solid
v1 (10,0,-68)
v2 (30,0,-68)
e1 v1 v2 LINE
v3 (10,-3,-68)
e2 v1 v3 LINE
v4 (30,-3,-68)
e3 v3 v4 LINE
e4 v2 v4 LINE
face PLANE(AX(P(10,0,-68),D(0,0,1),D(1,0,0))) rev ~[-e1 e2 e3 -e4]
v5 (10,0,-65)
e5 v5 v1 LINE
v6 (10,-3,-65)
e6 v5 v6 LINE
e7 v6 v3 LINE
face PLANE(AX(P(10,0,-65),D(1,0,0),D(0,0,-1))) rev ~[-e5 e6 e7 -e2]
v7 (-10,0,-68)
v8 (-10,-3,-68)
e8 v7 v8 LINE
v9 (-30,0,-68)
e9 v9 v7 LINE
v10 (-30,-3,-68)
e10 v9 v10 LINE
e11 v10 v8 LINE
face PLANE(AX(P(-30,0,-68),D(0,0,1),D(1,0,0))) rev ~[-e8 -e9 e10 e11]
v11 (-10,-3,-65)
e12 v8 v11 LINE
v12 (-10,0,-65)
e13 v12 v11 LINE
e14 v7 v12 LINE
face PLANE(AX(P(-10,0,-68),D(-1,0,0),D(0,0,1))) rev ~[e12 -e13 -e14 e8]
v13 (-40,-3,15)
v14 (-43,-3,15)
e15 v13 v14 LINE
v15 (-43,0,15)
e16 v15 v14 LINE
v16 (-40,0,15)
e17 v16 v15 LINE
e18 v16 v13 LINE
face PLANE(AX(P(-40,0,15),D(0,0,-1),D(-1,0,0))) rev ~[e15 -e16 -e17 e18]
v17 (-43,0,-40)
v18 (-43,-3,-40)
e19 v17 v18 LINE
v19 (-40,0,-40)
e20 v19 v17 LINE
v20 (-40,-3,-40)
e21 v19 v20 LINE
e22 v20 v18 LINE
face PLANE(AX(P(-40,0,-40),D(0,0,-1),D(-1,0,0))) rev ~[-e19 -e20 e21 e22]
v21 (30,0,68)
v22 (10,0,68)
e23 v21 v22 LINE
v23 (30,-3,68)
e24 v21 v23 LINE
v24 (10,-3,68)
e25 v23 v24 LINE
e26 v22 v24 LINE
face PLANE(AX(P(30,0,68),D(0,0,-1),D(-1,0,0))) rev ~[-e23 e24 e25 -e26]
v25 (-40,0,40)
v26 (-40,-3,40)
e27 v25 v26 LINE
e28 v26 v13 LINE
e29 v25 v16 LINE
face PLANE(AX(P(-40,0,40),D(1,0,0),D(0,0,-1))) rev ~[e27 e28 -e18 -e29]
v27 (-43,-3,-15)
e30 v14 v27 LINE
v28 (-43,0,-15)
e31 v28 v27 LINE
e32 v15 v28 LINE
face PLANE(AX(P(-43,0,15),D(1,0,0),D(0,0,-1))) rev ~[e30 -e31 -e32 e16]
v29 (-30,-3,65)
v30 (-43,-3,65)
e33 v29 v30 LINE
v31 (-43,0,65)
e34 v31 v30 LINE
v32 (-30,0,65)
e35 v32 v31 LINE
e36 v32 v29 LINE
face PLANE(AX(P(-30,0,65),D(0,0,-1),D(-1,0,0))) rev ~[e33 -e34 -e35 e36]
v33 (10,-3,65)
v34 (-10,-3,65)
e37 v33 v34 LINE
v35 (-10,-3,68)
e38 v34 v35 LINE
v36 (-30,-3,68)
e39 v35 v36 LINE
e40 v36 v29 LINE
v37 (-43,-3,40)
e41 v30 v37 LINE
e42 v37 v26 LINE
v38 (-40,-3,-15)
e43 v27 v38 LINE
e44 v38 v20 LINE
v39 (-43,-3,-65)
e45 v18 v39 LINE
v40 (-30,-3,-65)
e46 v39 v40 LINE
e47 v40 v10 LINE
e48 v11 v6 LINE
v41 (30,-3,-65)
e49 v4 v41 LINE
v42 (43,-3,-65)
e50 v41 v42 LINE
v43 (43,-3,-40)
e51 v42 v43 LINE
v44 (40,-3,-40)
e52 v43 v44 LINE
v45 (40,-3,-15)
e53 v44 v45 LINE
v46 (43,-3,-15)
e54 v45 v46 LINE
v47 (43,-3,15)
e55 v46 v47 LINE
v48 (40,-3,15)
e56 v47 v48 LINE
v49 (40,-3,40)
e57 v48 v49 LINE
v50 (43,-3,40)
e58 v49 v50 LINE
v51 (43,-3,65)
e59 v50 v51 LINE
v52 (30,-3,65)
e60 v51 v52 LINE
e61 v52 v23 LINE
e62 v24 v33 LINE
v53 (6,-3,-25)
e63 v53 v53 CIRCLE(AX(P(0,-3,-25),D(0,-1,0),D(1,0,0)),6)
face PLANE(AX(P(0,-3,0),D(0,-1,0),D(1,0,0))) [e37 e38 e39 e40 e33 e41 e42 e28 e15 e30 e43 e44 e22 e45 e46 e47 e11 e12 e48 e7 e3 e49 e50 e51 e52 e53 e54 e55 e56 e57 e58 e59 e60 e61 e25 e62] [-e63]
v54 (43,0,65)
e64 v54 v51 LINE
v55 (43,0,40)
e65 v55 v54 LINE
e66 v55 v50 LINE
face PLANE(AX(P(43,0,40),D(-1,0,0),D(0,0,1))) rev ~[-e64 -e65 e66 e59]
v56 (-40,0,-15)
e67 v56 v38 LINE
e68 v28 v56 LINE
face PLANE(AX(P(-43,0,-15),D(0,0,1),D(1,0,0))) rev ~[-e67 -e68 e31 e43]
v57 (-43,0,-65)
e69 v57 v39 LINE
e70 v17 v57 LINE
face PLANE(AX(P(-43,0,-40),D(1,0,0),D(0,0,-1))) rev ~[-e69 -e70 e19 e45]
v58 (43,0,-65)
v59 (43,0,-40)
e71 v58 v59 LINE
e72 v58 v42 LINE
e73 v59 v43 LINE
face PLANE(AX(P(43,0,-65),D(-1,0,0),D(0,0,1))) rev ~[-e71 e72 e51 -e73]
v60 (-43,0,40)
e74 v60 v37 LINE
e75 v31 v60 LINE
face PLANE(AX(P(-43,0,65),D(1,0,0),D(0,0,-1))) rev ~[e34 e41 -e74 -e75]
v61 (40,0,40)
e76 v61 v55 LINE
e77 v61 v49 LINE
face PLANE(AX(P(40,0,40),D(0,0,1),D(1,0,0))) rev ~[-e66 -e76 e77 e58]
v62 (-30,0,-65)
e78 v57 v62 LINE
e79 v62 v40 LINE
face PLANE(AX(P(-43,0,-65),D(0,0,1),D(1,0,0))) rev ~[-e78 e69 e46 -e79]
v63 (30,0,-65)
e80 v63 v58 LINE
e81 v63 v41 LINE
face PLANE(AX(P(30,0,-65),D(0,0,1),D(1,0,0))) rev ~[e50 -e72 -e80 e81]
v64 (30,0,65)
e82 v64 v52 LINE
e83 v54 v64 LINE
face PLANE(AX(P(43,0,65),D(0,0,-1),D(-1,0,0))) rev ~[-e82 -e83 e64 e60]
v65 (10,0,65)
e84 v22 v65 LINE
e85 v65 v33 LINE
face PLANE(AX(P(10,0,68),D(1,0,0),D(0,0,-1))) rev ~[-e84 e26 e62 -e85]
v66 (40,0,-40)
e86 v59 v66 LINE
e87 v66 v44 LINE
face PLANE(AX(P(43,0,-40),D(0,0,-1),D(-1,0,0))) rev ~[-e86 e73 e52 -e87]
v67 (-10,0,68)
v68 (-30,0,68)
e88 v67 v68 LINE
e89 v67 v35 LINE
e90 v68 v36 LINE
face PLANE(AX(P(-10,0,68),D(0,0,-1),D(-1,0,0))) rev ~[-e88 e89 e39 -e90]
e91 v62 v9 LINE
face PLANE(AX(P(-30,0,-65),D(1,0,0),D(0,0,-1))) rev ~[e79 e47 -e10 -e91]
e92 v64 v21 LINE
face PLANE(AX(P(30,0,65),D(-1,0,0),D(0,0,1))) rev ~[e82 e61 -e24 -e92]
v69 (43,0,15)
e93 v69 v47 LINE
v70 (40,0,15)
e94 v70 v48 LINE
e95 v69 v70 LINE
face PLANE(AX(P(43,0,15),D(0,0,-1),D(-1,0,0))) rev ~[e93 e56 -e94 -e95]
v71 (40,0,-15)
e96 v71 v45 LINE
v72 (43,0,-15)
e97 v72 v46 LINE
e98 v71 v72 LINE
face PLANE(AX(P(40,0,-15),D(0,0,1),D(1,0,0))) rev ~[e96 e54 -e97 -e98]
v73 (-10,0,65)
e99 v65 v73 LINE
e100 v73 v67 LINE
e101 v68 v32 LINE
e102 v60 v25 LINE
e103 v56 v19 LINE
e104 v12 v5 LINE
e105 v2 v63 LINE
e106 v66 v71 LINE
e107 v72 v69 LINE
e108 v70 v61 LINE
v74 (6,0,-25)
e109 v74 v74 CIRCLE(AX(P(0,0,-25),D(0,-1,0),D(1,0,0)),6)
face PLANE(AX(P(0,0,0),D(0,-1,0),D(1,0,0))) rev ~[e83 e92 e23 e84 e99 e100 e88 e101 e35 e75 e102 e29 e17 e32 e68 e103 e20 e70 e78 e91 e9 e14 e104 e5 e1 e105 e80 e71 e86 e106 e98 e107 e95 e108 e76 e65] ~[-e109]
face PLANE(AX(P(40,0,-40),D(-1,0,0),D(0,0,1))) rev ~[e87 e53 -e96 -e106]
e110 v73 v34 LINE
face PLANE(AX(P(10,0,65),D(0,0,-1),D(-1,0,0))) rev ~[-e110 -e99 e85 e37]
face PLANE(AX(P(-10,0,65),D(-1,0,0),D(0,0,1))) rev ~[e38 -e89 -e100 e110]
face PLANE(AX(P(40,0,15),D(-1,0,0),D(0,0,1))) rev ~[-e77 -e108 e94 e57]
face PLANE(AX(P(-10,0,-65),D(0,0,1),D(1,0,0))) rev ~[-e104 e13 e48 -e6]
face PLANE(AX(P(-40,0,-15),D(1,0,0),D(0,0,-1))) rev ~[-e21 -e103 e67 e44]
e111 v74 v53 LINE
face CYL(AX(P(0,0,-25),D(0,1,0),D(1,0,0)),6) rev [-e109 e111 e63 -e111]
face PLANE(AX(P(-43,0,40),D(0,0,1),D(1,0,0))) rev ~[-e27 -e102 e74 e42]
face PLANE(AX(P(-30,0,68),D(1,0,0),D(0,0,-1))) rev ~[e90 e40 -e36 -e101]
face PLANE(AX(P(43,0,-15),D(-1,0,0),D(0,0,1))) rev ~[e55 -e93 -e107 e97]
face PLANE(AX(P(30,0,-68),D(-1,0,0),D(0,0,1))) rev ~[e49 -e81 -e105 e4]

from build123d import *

# Parameters (mm, degrees)
F0_R     = 6
F1_DEPTH = 3


with BuildPart() as f1:
    # F0 (on Front) → F1 (new body)
    with BuildSketch(Plane.XZ):
        Polygon((-30, 65), (-40, 65), (-43, 65), (-43, 40), (-40, 40), (-40, 15), (-43, 15), (-43, 0), (-43, -15), (-40, -15), (-40, -40), (-43, -40), (-43, -65), (-40, -65), (-30, -65), (-30, -68), (-10, -68), (-10, -65), (0, -65), (10, -65), (10, -68), (30, -68), (30, -65), (40, -65), (43, -65), (43, -40), (40, -40), (40, -15), (43, -15), (43, 0), (43, 15), (40, 15), (40, 40), (43, 40), (43, 65), (40, 65), (30, 65), (30, 68), (10, 68), (10, 65), (0, 65), (-10, 65), (-10, 68), (-30, 68), align=None)
        with Locations((0, -25)):
            Circle(F0_R, mode=Mode.SUBTRACT)
    extrude(amount=F1_DEPTH)


solid = f1.part
